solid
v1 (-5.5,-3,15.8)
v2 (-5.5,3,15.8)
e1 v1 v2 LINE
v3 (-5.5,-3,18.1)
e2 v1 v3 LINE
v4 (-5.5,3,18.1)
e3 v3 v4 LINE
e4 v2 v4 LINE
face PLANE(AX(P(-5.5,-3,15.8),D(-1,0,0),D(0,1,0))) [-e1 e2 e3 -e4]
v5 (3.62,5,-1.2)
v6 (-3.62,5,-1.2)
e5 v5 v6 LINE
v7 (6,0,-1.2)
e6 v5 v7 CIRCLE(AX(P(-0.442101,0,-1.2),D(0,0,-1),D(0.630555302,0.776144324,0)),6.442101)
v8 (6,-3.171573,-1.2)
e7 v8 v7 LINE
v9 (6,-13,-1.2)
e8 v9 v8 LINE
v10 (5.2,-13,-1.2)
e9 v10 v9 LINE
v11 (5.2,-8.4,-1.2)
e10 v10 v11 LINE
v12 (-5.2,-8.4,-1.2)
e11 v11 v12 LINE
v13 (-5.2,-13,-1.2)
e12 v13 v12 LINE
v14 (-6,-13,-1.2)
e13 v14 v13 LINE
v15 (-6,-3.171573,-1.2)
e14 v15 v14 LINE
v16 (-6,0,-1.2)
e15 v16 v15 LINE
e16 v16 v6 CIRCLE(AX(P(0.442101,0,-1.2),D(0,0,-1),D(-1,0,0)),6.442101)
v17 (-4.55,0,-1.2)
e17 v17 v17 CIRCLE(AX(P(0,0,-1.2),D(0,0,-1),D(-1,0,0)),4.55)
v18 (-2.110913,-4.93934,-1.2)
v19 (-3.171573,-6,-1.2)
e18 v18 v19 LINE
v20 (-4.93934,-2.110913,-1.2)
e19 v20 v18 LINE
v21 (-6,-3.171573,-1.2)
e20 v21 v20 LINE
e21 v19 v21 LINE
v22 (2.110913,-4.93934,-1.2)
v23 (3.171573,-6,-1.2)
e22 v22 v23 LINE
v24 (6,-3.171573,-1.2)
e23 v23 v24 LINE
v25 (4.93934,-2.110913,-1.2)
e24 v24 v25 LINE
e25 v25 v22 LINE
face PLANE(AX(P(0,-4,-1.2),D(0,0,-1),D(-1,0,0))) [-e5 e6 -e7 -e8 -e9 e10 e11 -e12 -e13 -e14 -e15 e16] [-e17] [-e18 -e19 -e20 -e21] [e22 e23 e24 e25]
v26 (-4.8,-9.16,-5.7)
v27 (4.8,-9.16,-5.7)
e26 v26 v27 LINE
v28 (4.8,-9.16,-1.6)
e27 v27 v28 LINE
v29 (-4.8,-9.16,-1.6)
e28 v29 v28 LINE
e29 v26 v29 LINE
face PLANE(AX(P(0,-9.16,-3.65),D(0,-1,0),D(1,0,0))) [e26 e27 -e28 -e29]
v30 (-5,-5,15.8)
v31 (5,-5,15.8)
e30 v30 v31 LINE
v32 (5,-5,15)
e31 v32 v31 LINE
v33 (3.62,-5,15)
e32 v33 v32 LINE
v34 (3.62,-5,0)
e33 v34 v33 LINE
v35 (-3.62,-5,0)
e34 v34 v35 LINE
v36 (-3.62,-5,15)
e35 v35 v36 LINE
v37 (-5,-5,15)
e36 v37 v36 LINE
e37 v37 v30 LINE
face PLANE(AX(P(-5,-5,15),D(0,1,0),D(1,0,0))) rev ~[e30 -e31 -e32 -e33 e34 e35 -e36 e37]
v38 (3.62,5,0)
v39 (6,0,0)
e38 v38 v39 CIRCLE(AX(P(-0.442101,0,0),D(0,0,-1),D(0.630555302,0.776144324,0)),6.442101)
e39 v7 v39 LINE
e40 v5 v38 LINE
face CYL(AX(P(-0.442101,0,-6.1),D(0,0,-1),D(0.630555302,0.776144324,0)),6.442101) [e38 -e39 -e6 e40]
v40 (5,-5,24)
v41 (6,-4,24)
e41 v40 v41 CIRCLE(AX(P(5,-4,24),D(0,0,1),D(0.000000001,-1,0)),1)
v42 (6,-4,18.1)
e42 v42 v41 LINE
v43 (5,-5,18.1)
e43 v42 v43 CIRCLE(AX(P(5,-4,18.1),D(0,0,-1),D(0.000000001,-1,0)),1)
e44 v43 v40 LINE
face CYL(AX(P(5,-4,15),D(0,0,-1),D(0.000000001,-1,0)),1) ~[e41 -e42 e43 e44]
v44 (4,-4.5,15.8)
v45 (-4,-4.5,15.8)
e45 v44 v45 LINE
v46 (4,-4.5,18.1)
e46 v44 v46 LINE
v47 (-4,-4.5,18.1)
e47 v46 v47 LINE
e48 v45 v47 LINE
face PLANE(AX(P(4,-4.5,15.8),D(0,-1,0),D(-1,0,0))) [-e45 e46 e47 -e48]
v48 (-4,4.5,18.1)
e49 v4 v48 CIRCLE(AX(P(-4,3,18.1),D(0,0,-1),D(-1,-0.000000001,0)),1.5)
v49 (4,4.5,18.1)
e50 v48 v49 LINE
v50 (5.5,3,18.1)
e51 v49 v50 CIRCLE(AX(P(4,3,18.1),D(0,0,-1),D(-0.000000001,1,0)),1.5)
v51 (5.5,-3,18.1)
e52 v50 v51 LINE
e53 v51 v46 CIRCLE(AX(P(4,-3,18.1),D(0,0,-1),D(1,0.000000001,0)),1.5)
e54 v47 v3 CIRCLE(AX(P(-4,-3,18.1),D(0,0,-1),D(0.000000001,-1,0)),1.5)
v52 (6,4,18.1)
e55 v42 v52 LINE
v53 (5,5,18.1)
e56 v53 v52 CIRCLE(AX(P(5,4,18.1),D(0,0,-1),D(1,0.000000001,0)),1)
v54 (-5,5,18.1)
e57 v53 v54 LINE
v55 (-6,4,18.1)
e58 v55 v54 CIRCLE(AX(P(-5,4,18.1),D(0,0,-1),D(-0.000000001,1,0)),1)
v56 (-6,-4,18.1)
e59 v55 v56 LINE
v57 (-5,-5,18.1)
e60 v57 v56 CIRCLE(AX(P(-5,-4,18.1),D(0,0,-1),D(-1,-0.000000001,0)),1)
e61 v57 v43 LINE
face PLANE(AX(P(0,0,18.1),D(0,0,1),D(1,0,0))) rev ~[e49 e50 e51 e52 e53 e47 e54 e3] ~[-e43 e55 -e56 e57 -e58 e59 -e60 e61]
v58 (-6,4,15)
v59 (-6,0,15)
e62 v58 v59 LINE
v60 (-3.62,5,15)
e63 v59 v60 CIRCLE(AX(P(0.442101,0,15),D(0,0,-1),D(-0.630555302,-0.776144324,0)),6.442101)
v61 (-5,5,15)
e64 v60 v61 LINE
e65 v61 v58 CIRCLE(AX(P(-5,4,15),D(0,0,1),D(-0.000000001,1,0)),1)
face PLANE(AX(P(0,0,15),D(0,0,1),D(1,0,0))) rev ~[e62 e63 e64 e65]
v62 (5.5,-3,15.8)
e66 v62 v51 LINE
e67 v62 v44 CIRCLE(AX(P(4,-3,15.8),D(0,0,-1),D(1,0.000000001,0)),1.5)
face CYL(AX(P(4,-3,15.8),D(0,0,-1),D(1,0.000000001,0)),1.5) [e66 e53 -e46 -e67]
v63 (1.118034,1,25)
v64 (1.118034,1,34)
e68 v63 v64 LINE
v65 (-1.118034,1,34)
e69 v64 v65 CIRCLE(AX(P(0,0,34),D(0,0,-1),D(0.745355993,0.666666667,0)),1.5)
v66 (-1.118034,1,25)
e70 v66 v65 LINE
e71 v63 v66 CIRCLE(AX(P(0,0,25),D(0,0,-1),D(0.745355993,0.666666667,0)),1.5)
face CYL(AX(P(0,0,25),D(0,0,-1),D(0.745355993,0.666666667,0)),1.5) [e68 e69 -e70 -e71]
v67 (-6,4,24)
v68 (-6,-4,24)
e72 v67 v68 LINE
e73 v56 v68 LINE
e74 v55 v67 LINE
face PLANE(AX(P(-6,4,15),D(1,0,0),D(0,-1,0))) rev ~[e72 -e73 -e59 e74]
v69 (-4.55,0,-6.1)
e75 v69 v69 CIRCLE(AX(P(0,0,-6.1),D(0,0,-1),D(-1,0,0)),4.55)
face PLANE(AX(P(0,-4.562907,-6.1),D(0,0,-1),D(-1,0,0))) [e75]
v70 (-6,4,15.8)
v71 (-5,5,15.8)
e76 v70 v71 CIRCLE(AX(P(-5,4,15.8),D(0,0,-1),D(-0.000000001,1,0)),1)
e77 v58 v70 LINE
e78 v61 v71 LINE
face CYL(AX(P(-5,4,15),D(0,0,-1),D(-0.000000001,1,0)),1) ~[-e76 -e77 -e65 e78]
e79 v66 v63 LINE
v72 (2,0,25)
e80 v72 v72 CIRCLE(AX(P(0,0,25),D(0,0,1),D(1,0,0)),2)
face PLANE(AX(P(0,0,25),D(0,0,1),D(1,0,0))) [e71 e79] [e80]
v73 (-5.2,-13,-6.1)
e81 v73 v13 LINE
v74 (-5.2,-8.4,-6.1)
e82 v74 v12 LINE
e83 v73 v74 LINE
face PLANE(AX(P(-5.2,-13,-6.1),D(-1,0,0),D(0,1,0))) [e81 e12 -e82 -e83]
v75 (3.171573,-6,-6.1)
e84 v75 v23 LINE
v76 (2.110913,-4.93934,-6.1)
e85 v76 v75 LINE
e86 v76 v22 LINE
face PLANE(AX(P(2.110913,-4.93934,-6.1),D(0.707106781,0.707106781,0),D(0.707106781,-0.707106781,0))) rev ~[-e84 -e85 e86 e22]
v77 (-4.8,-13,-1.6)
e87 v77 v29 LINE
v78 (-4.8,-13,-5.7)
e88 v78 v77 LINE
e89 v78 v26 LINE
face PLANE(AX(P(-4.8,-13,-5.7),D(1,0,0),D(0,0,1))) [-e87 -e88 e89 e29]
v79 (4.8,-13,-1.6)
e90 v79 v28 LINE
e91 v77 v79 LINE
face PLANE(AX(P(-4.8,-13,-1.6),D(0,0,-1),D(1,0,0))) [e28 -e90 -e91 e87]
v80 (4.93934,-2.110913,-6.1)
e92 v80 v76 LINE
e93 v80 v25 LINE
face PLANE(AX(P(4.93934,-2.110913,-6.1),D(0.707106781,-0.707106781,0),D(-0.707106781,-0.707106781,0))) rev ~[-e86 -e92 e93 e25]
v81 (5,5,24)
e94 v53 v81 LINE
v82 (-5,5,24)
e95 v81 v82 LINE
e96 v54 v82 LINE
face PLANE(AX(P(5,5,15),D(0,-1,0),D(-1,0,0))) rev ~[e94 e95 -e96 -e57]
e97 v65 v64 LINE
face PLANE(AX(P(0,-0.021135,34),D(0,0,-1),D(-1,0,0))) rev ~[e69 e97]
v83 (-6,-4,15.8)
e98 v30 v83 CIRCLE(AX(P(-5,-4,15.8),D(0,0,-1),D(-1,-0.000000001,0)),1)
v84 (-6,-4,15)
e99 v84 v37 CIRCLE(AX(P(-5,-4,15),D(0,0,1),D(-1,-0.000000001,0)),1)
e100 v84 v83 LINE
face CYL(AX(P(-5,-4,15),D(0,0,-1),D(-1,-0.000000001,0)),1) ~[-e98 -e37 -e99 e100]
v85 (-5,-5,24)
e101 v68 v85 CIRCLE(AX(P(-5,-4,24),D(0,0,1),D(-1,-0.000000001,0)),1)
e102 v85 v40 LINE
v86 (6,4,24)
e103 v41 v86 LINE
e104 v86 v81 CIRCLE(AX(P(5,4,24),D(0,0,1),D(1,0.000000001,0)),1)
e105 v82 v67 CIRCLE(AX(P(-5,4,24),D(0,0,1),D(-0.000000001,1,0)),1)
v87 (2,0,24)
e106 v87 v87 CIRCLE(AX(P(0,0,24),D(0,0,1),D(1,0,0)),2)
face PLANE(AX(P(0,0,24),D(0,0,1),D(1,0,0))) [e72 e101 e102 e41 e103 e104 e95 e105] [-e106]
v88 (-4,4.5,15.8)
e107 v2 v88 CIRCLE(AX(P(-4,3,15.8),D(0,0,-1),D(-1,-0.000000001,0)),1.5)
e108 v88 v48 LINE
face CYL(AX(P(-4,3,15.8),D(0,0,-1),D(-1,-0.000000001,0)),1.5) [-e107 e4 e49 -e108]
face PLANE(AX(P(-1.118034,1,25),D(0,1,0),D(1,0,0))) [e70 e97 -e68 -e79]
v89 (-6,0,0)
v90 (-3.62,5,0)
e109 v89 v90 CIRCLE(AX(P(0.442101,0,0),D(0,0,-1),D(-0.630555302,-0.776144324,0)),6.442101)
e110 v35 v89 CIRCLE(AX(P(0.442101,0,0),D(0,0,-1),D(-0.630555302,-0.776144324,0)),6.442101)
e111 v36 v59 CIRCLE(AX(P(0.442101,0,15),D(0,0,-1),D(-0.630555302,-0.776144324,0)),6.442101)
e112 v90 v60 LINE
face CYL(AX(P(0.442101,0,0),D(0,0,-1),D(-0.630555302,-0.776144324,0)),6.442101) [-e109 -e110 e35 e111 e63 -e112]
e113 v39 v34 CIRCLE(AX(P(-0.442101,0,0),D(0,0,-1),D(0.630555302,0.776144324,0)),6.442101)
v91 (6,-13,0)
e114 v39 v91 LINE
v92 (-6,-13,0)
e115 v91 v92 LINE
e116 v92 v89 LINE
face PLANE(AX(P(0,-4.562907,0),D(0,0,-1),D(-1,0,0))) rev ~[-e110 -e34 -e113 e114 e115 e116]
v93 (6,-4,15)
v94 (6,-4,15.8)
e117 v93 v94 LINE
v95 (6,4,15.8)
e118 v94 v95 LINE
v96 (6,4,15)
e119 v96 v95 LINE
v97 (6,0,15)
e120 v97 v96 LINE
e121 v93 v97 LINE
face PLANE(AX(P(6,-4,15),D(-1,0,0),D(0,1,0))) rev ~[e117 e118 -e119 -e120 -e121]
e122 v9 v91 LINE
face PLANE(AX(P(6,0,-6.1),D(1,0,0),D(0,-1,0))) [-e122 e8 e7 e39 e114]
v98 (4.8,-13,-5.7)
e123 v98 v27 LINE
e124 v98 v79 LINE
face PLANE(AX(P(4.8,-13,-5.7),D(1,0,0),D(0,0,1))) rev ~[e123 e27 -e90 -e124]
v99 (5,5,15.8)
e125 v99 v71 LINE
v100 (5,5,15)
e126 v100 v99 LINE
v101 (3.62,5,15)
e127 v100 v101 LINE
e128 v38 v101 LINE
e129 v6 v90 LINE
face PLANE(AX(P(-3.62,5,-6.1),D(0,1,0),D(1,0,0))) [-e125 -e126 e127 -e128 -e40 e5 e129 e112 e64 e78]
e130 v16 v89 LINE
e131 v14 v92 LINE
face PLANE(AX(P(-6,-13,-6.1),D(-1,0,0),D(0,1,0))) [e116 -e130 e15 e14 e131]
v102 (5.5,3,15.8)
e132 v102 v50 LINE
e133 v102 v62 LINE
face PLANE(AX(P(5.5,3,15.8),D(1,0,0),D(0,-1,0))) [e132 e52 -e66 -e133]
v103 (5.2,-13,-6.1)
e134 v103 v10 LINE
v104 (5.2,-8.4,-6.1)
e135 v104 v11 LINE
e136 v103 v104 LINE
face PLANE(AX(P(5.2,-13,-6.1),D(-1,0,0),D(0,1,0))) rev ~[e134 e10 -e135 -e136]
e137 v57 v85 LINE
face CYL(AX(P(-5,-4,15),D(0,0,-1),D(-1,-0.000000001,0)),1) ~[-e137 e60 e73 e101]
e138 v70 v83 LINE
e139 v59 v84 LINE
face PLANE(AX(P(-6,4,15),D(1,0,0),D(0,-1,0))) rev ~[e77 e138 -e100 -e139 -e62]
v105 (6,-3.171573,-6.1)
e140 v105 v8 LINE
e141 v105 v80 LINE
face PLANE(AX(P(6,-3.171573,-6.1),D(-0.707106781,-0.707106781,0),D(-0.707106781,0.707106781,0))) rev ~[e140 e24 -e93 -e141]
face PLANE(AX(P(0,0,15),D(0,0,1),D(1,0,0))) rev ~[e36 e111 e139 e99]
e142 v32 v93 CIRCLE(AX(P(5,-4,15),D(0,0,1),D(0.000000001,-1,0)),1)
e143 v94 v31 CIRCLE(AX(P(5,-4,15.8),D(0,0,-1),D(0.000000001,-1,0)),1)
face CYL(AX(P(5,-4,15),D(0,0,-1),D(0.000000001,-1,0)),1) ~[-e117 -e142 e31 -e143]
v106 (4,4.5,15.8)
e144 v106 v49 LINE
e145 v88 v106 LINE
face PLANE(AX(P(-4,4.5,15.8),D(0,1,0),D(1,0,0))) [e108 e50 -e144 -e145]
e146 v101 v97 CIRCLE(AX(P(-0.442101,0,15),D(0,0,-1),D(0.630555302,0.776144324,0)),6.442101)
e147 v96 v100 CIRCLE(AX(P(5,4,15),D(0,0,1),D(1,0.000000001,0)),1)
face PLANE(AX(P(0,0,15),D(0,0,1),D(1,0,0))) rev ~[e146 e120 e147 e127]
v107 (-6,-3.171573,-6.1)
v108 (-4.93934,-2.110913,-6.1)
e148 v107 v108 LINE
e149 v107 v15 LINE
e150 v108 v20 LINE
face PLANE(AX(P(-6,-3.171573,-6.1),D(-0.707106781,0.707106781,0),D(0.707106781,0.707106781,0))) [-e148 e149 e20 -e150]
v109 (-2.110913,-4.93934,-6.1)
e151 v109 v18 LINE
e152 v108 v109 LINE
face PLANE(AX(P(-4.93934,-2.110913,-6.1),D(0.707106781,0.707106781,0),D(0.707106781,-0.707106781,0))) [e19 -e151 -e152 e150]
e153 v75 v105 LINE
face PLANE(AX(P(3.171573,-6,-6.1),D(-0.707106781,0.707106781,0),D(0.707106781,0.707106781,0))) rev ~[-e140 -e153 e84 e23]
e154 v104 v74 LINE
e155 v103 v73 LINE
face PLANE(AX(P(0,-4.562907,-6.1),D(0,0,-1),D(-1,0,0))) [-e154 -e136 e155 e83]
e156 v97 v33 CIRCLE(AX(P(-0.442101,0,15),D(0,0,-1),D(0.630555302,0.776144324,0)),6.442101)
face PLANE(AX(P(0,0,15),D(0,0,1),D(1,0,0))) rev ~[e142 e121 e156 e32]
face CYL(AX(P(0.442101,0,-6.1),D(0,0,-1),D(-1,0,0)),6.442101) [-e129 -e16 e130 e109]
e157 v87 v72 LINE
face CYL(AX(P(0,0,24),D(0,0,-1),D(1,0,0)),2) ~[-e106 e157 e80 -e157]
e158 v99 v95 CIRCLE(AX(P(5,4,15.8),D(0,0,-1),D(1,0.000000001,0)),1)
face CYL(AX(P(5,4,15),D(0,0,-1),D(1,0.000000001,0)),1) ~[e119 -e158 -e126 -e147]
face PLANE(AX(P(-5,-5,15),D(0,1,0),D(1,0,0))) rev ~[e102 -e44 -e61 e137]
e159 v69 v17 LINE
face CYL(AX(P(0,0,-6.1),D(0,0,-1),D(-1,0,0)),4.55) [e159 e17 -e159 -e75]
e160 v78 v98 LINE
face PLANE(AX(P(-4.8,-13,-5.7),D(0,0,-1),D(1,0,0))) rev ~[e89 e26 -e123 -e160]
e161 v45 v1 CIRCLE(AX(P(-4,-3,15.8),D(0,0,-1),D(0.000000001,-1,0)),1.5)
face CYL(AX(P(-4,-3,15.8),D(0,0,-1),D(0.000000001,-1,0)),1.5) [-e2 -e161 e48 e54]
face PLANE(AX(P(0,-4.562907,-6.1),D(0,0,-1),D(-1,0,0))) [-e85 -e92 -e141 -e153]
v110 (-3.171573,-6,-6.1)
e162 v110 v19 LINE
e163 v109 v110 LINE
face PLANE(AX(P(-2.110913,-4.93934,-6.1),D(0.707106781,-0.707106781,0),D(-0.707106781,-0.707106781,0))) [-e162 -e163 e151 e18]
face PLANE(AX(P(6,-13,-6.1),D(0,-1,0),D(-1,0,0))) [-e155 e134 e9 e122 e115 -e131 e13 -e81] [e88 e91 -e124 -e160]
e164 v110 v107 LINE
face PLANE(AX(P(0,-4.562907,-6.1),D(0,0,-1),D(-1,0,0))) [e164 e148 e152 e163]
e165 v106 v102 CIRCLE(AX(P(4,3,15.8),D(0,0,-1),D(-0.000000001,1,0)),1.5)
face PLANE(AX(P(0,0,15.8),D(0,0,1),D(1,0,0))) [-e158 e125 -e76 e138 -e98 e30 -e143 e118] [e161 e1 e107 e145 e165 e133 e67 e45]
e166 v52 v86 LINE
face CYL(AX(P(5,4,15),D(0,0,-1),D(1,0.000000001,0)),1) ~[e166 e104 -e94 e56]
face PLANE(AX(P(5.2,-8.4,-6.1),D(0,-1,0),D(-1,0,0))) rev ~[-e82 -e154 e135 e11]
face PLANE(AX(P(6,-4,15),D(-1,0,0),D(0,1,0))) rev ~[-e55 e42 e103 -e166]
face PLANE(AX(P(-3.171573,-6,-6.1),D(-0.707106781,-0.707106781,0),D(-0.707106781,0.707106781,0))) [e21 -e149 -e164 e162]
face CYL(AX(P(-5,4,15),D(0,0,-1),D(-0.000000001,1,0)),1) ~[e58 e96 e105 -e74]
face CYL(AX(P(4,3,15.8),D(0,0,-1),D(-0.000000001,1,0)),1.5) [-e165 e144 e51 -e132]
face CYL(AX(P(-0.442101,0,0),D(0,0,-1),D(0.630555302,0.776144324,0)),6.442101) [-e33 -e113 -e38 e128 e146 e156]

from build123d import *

# Parameters (mm, degrees)
MOTOR_DEPTH           = 15
GEARBOX_DEPTH         = 9
CUT_EXTRUDE1_START    = 0.8
SKETCH6_OUTSIDE_W     = 19.728
SKETCH6_OUTSIDE_H     = 17.728
CUT_EXTRUDE1_DEPTH    = 2.3
SKETCH5_R             = 2
GEARBOX_BEARING_DEPTH = 1
SHAFT_START           = 1
SHAFT_DEPTH           = 9
ENCODER_BASE_START    = -6.1
ENCODER_BASE_DEPTH    = 6.1
SKETCH7_OUTSIDE_W     = 23.112
SKETCH7_OUTSIDE_H     = 29.112
SKETCH7_OUTSIDE_R     = 4.55
SKETCH7_OUTSIDE_W_2   = 10.4
SKETCH7_OUTSIDE_H_2   = 4.6
CUT_EXTRUDE3_DEPTH    = 4.9
SKETCH8_W             = 9.6
SKETCH8_H             = 4.1
CUT_EXTRUDE4_DEPTH    = 3.84


with BuildPart() as part:
    # Sketch1 → motor (new body)
    with BuildSketch(Plane.XY):
        with BuildLine():
            Line((-3.62, 5), (3.62, 5))
            ThreePointArc((3.62, 5), (6, 0), (3.62, -5))
            Line((3.62, -5), (-3.62, -5))
            ThreePointArc((-3.62, -5), (-6, 0), (-3.62, 5))
        make_face()
    extrude(amount=MOTOR_DEPTH)

    # Sketch3 → gearbox (add)
    with BuildSketch(Plane.XY.offset(15)):
        with BuildLine():
            Line((-5, -5), (5, -5))
            ThreePointArc((5, -5), (5.707106781, -4.707106781), (6, -4))
            Line((6, -4), (6, 4))
            ThreePointArc((6, 4), (5.707106781, 4.707106781), (5, 5))
            Line((5, 5), (-5, 5))
            ThreePointArc((-5, 5), (-5.707106781, 4.707106781), (-6, 4))
            Line((-6, 4), (-6, -4))
            ThreePointArc((-6, -4), (-5.707106781, -4.707106781), (-5, -5))
        make_face()
    extrude(amount=GEARBOX_DEPTH)

    # Sketch6 outside → Cut-Extrude1 (cut)
    with BuildSketch(Plane.XY.offset(15).offset(CUT_EXTRUDE1_START)):
        Rectangle(SKETCH6_OUTSIDE_W, SKETCH6_OUTSIDE_H)
        with BuildLine():
            Line((-4, 4.5), (4, 4.5))
            ThreePointArc((4, 4.5), (5.060660172, 4.060660172), (5.5, 3))
            Line((5.5, 3), (5.5, -3))
            ThreePointArc((5.5, -3), (5.060660172, -4.060660172), (4, -4.5))
            Line((4, -4.5), (-4, -4.5))
            ThreePointArc((-4, -4.5), (-5.060660172, -4.060660172), (-5.5, -3))
            Line((-5.5, -3), (-5.5, 3))
            ThreePointArc((-5.5, 3), (-5.060660172, 4.060660172), (-4, 4.5))
        make_face(mode=Mode.SUBTRACT)
    extrude(amount=CUT_EXTRUDE1_DEPTH, mode=Mode.SUBTRACT)

    # Sketch5 → gearbox-bearing (add)
    with BuildSketch(Plane.XY.offset(24)):
        Circle(SKETCH5_R)
    extrude(amount=GEARBOX_BEARING_DEPTH)

    # Sketch4 → shaft (add)
    with BuildSketch(Plane.XY.offset(24).offset(SHAFT_START)):
        with BuildLine():
            Line((-1.118033989, 1), (1.118033989, 1))
            ThreePointArc((1.118033989, 1), (0, -1.5), (-1.118033989, 1))
        make_face()
    extrude(amount=SHAFT_DEPTH)

    # Sketch2 → encoder-base (add)
    with BuildSketch(Plane.XY.offset(ENCODER_BASE_START)):
        with BuildLine():
            Line((6, 0), (6, -13))
            Line((6, -13), (-6, -13))
            Line((-6, -13), (-6, 0))
            ThreePointArc((-6, 0), (-5.37464767, 2.768772291), (-3.62, 5))
            Line((-3.62, 5), (3.62, 5))
            ThreePointArc((3.62, 5), (5.37464767, 2.768772291), (6, 0))
        make_face()
    extrude(amount=ENCODER_BASE_DEPTH)

    # Sketch7 outside → Cut-Extrude3 (cut)
    with BuildSketch(Plane(origin=(0, 0, -6.1), x_dir=(-1, 0, 0), z_dir=(0, 0, -1))):
        with Locations((0, -4)):
            Rectangle(SKETCH7_OUTSIDE_W, SKETCH7_OUTSIDE_H)
        Circle(SKETCH7_OUTSIDE_R, mode=Mode.SUBTRACT)
        Polygon((4.939339828, -2.110912703), (2.110912703, -4.939339828), (3.171572875, -6), (6, -3.171572875), align=None, mode=Mode.SUBTRACT)
        Polygon((-2.110912703, -4.939339828), (-3.171572875, -6), (-6, -3.171572875), (-4.939339828, -2.110912703), align=None, mode=Mode.SUBTRACT)
        with Locations((0, -10.7)):
            Rectangle(SKETCH7_OUTSIDE_W_2, SKETCH7_OUTSIDE_H_2, mode=Mode.SUBTRACT)
    extrude(amount=-CUT_EXTRUDE3_DEPTH, mode=Mode.SUBTRACT)

    # Sketch8 → Cut-Extrude4 (cut)
    with BuildSketch(Plane.XZ.offset(13)):
        with Locations((0, -3.65)):
            Rectangle(SKETCH8_W, SKETCH8_H)
    extrude(amount=-CUT_EXTRUDE4_DEPTH, mode=Mode.SUBTRACT)


solid = part.part
